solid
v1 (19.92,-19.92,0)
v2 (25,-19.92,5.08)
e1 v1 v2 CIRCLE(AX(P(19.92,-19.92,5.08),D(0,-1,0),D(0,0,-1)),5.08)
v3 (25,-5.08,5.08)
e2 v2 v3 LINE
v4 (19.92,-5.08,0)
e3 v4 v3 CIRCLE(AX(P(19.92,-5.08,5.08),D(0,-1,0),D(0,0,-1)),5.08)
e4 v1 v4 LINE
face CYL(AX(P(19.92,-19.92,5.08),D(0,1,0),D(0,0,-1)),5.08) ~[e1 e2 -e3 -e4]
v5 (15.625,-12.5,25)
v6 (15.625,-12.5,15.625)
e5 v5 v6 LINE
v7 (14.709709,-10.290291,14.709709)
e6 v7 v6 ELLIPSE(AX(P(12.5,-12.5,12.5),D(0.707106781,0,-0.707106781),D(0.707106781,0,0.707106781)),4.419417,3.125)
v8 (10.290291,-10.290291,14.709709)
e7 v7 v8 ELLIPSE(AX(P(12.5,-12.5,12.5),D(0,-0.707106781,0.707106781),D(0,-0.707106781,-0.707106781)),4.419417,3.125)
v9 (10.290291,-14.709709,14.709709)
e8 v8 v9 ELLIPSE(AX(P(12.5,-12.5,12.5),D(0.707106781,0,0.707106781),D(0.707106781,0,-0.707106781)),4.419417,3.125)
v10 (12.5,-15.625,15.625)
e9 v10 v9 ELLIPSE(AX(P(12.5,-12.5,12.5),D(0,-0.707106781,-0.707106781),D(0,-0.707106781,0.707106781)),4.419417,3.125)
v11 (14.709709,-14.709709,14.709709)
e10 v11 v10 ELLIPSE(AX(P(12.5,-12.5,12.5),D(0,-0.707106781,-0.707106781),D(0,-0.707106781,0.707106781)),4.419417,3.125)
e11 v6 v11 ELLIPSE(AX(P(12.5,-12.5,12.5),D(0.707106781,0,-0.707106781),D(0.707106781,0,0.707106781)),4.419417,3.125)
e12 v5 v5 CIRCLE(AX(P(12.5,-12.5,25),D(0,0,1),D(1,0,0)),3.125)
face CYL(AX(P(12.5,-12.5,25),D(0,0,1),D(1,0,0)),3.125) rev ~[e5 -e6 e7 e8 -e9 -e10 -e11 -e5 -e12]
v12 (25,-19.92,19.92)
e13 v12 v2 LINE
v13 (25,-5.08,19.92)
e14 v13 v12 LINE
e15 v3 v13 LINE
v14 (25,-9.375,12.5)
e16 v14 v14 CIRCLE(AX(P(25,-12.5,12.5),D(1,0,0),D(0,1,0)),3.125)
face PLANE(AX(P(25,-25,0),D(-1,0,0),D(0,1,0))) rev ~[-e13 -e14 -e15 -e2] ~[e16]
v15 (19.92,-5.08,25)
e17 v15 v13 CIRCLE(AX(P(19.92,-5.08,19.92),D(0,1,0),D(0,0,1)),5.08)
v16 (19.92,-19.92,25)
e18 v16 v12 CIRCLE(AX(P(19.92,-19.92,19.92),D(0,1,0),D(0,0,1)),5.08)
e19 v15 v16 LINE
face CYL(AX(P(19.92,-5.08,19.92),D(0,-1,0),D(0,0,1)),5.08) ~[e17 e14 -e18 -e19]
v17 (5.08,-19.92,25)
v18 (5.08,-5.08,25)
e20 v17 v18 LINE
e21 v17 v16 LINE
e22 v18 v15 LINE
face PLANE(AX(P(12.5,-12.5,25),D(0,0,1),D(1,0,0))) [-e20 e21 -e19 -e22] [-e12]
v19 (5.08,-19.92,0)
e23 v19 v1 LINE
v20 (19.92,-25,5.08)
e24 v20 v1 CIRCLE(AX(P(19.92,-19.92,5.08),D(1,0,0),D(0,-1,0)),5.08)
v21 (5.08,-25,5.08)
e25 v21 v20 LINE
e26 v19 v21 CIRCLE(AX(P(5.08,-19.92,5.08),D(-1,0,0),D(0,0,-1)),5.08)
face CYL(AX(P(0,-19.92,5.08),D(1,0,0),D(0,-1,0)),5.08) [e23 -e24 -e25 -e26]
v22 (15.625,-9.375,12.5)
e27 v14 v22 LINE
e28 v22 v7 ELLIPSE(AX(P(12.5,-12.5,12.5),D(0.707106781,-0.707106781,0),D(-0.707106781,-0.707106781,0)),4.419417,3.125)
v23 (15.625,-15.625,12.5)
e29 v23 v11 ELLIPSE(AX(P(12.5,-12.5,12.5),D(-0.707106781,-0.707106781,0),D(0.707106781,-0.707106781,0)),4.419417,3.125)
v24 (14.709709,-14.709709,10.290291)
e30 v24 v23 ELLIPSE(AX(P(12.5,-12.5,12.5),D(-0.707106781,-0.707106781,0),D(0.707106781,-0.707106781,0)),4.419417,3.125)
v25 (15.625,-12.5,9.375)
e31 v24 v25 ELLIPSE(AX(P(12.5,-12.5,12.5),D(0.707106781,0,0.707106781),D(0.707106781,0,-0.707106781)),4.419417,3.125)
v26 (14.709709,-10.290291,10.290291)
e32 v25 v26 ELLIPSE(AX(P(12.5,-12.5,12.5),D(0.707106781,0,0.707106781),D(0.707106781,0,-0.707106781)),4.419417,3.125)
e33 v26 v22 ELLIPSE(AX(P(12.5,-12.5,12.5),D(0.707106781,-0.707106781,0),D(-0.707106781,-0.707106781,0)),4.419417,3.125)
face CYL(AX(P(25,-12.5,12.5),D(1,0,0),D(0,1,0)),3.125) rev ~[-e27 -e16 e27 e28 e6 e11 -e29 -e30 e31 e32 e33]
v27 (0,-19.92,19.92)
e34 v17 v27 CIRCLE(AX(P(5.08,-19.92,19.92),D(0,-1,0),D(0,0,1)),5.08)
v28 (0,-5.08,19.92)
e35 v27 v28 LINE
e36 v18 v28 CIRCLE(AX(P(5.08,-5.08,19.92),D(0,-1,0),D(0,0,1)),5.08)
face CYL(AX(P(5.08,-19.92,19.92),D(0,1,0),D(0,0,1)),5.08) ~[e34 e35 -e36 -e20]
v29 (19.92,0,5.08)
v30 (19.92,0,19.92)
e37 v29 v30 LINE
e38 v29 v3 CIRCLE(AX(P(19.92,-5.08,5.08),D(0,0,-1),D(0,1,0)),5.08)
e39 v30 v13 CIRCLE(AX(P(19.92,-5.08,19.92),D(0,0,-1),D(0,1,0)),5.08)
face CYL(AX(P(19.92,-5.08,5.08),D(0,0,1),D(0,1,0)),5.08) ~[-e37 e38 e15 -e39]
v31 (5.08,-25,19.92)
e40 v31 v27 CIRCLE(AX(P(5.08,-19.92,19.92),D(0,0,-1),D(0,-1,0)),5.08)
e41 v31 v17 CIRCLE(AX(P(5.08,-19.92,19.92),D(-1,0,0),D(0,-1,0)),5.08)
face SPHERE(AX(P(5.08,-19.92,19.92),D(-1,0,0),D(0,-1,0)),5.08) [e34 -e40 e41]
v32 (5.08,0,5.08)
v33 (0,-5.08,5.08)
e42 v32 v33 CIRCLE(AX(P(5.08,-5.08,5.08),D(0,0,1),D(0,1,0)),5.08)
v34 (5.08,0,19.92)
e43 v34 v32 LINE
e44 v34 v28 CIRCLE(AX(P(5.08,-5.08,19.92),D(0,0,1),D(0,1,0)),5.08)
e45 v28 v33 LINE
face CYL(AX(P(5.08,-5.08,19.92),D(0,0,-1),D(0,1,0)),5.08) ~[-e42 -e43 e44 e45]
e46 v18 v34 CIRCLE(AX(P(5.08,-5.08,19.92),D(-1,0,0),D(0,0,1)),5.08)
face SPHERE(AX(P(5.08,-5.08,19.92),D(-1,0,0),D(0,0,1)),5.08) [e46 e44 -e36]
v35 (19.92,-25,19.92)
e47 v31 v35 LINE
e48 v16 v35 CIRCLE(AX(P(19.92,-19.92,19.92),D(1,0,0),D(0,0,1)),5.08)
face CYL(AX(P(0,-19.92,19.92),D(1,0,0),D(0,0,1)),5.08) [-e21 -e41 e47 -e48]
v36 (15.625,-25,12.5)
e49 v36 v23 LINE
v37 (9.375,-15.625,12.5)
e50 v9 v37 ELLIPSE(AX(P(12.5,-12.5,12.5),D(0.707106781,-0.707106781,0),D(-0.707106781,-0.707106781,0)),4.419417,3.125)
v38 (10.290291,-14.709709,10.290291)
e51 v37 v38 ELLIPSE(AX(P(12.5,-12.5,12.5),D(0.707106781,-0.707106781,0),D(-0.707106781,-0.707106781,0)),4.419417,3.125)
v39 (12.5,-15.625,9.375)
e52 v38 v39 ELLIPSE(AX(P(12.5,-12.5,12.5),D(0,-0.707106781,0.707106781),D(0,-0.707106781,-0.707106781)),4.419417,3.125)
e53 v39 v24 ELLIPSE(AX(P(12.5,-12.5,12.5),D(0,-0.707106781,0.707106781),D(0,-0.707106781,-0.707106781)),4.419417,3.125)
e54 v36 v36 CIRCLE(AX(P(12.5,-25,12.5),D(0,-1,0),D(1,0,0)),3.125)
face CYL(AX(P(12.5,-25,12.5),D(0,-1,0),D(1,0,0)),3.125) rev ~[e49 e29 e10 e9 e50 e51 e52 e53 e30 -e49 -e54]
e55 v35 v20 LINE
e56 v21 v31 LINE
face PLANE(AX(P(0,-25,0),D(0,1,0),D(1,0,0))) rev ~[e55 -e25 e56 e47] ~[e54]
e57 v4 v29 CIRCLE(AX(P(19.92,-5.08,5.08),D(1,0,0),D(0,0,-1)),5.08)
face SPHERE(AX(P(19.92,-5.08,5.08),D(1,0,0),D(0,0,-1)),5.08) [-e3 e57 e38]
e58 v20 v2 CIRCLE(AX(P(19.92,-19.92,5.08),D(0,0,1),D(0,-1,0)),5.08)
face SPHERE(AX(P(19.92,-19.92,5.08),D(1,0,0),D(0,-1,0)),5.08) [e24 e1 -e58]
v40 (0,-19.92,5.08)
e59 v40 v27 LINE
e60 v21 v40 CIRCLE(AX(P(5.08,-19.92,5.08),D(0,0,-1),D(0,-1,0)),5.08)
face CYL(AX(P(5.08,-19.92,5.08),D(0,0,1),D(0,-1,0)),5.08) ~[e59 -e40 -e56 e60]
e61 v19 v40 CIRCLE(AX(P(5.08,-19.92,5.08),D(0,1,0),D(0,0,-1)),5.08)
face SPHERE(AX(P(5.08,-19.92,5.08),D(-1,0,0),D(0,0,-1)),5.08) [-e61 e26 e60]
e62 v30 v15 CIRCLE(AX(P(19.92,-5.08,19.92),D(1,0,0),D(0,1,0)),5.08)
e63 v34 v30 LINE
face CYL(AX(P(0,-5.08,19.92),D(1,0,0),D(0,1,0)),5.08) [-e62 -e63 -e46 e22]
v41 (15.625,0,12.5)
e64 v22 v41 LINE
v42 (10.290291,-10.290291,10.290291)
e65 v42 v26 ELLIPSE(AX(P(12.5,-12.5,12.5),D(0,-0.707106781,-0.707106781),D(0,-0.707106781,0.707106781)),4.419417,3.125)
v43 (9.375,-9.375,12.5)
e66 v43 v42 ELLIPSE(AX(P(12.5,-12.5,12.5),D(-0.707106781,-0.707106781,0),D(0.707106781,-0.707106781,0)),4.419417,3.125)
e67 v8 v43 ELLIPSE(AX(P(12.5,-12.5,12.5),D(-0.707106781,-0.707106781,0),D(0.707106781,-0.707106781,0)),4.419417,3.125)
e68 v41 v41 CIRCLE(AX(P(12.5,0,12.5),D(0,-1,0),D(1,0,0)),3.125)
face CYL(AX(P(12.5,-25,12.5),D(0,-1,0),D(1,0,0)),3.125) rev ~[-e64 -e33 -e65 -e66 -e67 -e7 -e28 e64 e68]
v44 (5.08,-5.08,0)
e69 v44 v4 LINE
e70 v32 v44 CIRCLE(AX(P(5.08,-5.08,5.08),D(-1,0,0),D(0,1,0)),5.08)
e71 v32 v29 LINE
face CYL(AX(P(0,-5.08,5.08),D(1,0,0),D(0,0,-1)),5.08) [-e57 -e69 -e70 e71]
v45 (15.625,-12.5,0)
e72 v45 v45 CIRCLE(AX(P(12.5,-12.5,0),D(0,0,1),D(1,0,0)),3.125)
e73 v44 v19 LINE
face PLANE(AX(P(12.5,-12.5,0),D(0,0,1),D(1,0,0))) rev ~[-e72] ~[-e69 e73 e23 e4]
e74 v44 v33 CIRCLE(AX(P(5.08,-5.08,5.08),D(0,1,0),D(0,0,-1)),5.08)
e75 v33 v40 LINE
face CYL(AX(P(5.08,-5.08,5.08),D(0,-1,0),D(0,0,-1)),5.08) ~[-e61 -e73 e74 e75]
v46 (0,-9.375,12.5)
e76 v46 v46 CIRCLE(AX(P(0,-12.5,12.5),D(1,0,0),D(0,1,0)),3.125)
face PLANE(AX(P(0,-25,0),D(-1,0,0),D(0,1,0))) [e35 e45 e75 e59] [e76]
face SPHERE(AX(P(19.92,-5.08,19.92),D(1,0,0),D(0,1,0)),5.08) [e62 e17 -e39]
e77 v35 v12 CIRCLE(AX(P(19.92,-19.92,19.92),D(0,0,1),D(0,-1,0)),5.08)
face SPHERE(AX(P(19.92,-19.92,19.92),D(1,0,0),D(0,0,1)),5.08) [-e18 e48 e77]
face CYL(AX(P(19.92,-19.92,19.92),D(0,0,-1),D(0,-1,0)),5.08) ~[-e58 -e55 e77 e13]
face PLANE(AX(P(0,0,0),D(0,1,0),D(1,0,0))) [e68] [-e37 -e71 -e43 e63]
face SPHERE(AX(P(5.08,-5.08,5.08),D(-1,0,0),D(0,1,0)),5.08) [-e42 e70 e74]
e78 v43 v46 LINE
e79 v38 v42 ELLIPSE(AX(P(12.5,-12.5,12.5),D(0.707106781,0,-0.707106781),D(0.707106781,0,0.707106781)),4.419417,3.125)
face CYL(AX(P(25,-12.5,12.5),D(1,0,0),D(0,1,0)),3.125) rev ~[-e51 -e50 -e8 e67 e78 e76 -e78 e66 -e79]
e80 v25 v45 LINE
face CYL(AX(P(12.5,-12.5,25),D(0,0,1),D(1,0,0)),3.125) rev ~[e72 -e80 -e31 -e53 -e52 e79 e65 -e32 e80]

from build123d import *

# Parameters (mm, degrees)
F0_W     = 25
F0_H     = 25
F1_DEPTH = 25
F2_R     = 3.125
F3_DEPTH = 25.4
F4_R     = 3.125
F5_DEPTH = 25.4
F6_R     = 3.125
F7_DEPTH = 25.4
F8_R     = 5.08
F9_R     = 5.08
F10_R    = 5.08
F11_R    = 5.08
F12_R    = 5.08
F13_R    = 5.08


with BuildPart() as f1:
    # F0 (on Top) → F1 (new body)
    with BuildSketch(Plane.XY):
        with Locations((12.5, -12.5)):
            Rectangle(F0_W, F0_H)
    extrude(amount=F1_DEPTH)

    # F2 (on face) → F3 (cut)
    with BuildSketch(Plane.XZ.offset(25)):
        with Locations((12.5, 12.5)):
            Circle(F2_R)
    extrude(amount=-F3_DEPTH, mode=Mode.SUBTRACT)

    # F4 (on face) → F5 (cut)
    with BuildSketch(Plane.YZ.offset(25)):
        with Locations((-12.5, 12.5)):
            Circle(F4_R)
    extrude(amount=-F5_DEPTH, mode=Mode.SUBTRACT)

    # F6 (on face) → F7 (cut)
    with BuildSketch(Plane.XY.offset(25)):
        with Locations((12.5, -12.5)):
            Circle(F6_R)
    extrude(amount=-F7_DEPTH, mode=Mode.SUBTRACT)

    # F8
    f8_edges = [f1.edges().sort_by_distance(p)[0] for p in [
        (12.5, -25, 0),
    ]]
    fillet(f8_edges, radius=F8_R)

    # F9
    f9_edges = [f1.edges().sort_by_distance(p)[0] for p in [
        (12.5, 0, 0),
    ]]
    fillet(f9_edges, radius=F9_R)

    # F10
    f10_edges = [f1.edges().sort_by_distance(p)[0] for p in [
        (12.5, 0, 25),
    ]]
    fillet(f10_edges, radius=F10_R)

    # F11
    f11_edges = [f1.edges().sort_by_distance(p)[0] for p in [
        (12.5, -25, 25),
    ]]
    fillet(f11_edges, radius=F11_R)

    # F12
    f12_edges = [f1.edges().sort_by_distance(p)[0] for p in [
        (25, 0, 12.5),
    ]]
    fillet(f12_edges, radius=F12_R)

    # F13
    f13_edges = [f1.edges().sort_by_distance(p)[0] for p in [
        (0, -12.5, 25),
    ]]
    fillet(f13_edges, radius=F13_R)


solid = f1.part
